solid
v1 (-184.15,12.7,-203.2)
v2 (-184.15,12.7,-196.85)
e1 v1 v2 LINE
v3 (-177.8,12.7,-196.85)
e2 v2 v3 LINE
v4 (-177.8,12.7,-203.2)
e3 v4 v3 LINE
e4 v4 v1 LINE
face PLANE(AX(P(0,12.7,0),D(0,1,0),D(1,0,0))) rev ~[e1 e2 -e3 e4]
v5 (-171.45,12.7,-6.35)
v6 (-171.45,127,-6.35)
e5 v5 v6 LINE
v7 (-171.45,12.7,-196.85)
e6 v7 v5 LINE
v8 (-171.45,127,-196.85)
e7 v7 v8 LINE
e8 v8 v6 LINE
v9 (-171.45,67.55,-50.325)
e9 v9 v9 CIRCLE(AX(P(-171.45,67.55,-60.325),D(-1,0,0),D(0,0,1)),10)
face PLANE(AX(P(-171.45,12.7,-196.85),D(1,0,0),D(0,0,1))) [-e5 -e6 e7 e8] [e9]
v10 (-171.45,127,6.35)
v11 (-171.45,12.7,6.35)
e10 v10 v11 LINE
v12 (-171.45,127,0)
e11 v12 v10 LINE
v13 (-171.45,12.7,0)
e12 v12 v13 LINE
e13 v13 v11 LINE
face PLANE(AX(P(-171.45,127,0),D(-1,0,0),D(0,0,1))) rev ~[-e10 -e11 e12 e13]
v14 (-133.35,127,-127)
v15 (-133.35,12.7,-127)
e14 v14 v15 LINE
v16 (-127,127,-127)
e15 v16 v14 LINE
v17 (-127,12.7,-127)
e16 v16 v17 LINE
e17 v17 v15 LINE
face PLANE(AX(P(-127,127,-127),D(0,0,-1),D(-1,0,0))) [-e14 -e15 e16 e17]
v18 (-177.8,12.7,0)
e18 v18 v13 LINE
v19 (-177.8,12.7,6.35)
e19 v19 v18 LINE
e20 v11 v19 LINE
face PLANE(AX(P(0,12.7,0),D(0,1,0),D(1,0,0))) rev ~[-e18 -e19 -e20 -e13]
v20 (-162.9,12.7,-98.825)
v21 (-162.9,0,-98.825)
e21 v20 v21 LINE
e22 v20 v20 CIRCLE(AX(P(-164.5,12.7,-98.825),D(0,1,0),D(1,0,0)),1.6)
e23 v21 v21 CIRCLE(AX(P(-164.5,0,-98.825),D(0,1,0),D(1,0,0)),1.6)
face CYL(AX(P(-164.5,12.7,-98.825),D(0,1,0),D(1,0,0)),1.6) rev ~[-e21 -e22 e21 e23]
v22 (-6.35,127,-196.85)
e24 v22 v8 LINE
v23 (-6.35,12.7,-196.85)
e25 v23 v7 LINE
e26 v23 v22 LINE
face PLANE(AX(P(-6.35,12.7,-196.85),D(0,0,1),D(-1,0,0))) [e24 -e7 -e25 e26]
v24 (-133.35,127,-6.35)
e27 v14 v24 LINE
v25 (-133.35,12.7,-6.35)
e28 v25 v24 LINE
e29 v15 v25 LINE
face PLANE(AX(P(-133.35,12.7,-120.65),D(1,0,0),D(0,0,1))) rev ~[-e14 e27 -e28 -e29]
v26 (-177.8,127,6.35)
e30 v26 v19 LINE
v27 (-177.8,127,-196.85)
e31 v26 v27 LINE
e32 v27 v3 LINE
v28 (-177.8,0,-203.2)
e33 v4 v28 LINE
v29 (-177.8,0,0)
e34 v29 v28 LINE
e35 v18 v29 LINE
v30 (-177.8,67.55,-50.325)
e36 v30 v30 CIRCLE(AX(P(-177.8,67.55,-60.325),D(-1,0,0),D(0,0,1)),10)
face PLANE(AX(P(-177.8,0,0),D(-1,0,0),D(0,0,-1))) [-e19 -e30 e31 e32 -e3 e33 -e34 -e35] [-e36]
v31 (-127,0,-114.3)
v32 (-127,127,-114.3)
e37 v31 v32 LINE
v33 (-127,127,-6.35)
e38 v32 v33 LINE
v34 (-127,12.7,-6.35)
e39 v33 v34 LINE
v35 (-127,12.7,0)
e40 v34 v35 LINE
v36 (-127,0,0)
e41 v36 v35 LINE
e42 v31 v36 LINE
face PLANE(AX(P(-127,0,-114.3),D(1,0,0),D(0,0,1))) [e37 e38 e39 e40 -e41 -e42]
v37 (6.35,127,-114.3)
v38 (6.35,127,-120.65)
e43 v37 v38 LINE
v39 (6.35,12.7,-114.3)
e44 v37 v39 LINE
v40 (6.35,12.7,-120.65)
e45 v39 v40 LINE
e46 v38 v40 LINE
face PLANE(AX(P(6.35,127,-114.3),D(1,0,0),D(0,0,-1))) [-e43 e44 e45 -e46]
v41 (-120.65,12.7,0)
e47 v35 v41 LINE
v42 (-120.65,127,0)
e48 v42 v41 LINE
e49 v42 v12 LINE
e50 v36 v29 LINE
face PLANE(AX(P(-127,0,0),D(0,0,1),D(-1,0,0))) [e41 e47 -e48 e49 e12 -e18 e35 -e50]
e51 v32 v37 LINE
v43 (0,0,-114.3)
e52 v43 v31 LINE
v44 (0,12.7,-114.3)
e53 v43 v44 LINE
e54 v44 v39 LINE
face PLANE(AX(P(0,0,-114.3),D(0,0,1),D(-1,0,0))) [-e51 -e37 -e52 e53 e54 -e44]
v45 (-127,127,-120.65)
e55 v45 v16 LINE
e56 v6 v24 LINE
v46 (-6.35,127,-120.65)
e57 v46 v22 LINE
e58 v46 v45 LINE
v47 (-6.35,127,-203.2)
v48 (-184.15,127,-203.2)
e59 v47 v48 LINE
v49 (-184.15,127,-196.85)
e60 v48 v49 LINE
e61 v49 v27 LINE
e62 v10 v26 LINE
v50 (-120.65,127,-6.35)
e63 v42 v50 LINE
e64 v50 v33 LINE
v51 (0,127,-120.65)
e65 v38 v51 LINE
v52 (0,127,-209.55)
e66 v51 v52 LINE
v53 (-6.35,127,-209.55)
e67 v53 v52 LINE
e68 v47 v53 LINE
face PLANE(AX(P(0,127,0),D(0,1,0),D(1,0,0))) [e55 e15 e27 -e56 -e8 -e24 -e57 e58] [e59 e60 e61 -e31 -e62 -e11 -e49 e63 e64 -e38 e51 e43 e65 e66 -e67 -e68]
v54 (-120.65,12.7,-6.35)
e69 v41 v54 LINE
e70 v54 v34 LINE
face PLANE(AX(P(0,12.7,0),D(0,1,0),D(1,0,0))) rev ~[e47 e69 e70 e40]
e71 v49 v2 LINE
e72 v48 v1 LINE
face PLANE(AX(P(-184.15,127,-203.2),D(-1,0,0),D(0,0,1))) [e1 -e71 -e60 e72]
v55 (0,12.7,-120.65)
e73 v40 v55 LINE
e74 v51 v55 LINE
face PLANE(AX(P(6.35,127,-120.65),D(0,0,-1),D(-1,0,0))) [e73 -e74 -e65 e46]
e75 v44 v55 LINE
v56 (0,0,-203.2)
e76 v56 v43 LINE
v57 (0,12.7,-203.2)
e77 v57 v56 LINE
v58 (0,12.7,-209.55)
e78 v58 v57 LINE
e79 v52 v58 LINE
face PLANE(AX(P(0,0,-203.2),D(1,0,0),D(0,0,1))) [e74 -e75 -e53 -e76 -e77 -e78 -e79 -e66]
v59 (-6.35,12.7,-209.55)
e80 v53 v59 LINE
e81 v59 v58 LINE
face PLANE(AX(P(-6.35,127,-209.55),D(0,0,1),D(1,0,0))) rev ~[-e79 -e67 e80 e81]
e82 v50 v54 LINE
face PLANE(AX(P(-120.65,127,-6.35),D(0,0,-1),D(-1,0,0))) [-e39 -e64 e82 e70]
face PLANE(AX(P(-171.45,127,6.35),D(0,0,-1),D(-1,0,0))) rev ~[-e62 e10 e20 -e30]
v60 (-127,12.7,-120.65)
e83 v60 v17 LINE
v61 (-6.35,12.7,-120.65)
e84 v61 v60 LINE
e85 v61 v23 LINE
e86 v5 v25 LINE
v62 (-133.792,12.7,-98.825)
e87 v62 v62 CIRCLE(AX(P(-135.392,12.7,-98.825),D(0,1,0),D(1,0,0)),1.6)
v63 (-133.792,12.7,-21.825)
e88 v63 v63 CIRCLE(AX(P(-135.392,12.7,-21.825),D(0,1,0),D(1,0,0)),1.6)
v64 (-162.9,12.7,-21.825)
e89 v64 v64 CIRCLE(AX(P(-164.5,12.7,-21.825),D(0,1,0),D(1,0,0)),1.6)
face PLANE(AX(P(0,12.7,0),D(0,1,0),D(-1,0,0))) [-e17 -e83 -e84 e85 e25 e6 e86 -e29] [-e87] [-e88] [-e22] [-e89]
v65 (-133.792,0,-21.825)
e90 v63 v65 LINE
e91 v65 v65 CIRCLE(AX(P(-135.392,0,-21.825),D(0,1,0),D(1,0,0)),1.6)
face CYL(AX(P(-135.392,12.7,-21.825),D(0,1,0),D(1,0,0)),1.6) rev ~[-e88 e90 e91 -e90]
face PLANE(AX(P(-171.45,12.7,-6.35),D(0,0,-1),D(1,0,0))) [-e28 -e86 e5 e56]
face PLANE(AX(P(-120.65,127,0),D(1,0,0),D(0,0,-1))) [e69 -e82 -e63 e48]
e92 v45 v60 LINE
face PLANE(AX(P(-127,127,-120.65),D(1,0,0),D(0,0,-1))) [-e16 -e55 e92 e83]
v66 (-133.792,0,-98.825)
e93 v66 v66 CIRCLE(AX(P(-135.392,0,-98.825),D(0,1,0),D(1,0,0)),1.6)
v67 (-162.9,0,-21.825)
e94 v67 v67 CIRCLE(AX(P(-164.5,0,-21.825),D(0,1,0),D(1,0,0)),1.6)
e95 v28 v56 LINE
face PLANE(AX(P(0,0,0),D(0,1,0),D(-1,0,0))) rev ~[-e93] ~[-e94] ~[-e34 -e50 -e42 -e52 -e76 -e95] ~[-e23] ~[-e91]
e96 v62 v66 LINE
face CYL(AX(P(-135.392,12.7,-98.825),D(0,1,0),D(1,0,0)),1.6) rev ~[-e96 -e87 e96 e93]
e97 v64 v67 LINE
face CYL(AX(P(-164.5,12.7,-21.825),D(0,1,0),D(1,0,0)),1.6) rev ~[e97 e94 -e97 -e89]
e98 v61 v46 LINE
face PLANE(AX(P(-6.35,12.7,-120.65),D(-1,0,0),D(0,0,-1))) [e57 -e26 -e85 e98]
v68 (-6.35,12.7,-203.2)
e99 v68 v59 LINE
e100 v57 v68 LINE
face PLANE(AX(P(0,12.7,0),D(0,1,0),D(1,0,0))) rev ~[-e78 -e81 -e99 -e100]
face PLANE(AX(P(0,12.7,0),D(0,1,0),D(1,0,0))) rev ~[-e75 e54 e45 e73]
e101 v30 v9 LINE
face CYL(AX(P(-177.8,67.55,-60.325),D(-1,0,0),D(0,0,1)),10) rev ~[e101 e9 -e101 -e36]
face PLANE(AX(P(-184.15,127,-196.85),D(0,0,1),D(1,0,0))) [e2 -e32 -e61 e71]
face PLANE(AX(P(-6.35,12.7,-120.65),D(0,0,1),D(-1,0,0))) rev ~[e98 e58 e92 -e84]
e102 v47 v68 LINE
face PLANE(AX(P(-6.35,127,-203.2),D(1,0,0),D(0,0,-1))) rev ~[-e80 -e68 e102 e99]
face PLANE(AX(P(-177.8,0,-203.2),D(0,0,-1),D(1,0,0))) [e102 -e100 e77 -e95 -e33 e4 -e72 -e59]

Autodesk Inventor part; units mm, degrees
ref_plane "YZ Plane" through (0, 0, 0) normal (1, 0, 0) x (0, 1, 0)
ref_plane "XZ Plane" through (0, 0, 0) normal (0, 1, 0) x (-1, 0, 0)
ref_plane "XY Plane" through (0, 0, 0) normal (0, 0, 1) x (1, 0, 0)
sketch "Sketch2" plane through (0, 0, 0) normal (0, 1, 0) x (-1, 0, 0)
  line L0 (127, 0) -> (177.8, 0)
  line L1 (177.8, 0) -> (177.8, -203.2)
  line L2 (177.8, -203.2) -> (0, -203.2)
  line L3 (0, -203.2) -> (0, -114.3)
  line L4 (0, -114.3) -> (127, -114.3)
  line L5 (127, -114.3) -> (127, 0)
  point P0 (0, 0)
  dimension "d0" = 203.2
  dimension "d1" = 177.8
  dimension "d65" = 50.8
  dimension "d66" = 88.9
extrude "Extrusion1" add sketch "Sketch2" along normal blind 12.7
sketch "Sketch3" plane through (0, 12.7, 0) normal (0, 1, 0) x (1, 0, 0)
  line L0 (-127, 0) -> (-177.8, 0)
  line L1 (-177.8, 0) -> (-177.8, 203.2)
  line L2 (-177.8, 203.2) -> (0, 203.2)
  line L3 (0, 203.2) -> (0, 114.3)
  line L4 (-171.45, 196.85) -> (-171.45, 6.35)
  line L5 (-171.45, 6.35) -> (-133.35, 6.35)
  line L6 (-6.35, 120.65) -> (-6.35, 196.85)
  line L7 (-6.35, 196.85) -> (-171.45, 196.85)
  line L8 (0, 114.3) -> (-127, 114.3)
  line L9 (-127, 114.3) -> (-127, 0)
  line L10 (-6.35, 120.65) -> (-133.35, 120.65)
  line L11 (-133.35, 120.65) -> (-133.35, 6.35)
  line L12 (-127, 0) -> (-127, 114.3) projected
  line L13 (0, 114.3) -> (0, 203.2) projected
  point P0 (0, 0)
  point P1 (-127, 6.35)
  point P2 (0, 120.65)
  point P3 (-114.3, 0)
  point P4 (-6.35, 114.3)
  dimension "d4" = 6.35
  dimension "d61" = 120.65
  dimension "d62" = 107.95
  dimension "d63" = 6.35
  dimension "d64" = 6.35
  dimension "d76" = 0
  dimension "d77" = 6.35
  dimension "d78" = 0
extrude "Extrusion2" add sketch "Sketch3" along normal blind 114.3
sketch "Sketch5" plane through (0, 12.7, 0) normal (0, 1, 0) x (1, 0, 0)
  line L0 (-114.3, 114.3) -> (-114.3, 6.35)
  line L1 (-6.35, 120.65) -> (-6.3512, 120.1928)
  line L2 (-171.45, 114.3) -> (-114.3, 114.3)
  line L3 (-171.45, 6.35) -> (-171.45, 196.85) projected
  line L4 (-133.35, 6.35) -> (-171.45, 6.35) projected
  line L5 (-171.45, 120.65) -> (-57.15, 120.65)
  line L6 (-107.95, 114.3) -> (-107.95, 6.35)
  line L7 (-171.45, 120.65) -> (-6.35, 120.65)
  line L8 (-107.95, 114.3) -> (-6.35, 114.3)
  line L9 (-6.35, 196.85) -> (-6.35, 120.65) projected
  line L10 (-171.45, 120.65) -> (-171.45, 114.3)
  line L11 (-6.35, 120.65) -> (-6.35, 114.3)
  line L12 (-6.35, 120.65) -> (-6.35, 114.3)
  line L13 (-133.35, 6.35) -> (-107.95, 6.35)
  line L14 (-171.45, 6.35) -> (-133.35, 6.35) projected
  point P0 (-6.35, 6.35)
  dimension "d37" = 107.95
  dimension "d38" = 6.35
  dimension "d58" = 101.6
  dimension "d60" = 6.35
extrude "Extrusion5" [suppressed]
sketch "Sketch6" plane through (0, 0, 0) normal (0, -1, 0) x (1, 0, 0)
  line L0 (0, -203.2) -> (-177.8, 0) construction
  circle A0 centre (-88.9, -101.6) radius 101.6 construction
  line L1 (-177.8, -203.2) -> (0, 0) construction
  point P0 (-155.8041, -178.0618)
  point P1 (-155.8041, -25.1382)
  point P2 (-21.9959, -25.1382)
  point P3 (-21.9959, -178.0618)
  dimension "d25" = 203.2
hole "Hole1" [suppressed]
sketch "Sketch7" plane through (-6.35, 12.7, -196.85) normal (-1, 0, 0) x (0, 0, 1)
  line L0 (76.2, 0) -> (0, 0) projected
  line L1 (76.2, 114.3) -> (76.2, 0) projected
  line L2 (0, 0) -> (76.2, 0)
  line L3 (76.2, 0) -> (76.2, 63.5)
  line L4 (76.2, 63.5) -> (0, 63.5)
  line L5 (0, 63.5) -> (0, 0)
  point P0 (196.85, -12.7)
  dimension "d39" = 63.5
extrude "Extrusion6" [suppressed]
sketch "Sketch10" plane through (0, 12.7, 0) normal (0, 1, 0) x (1, 0, 0)
  line L0 (-164.5, 98.825) -> (-135.392, 98.825) construction
  line L1 (-135.392, 98.825) -> (-135.392, 21.825) construction
  line L2 (-135.392, 21.825) -> (-164.5, 21.825) construction
  line L3 (-164.5, 21.825) -> (-164.5, 98.825) construction
  line L4 (-171.45, 6.35) -> (-171.45, 196.85) projected
  line L5 (-133.35, 114.3) -> (-171.45, 114.3) projected
  line L6 (-171.45, 6.35) -> (-133.35, 6.35) projected
  circle A0 centre (-135.392, 98.825) radius 1.6
  circle A1 centre (-164.5, 98.825) radius 1.6
  circle A2 centre (-135.392, 21.825) radius 1.6
  circle A3 centre (-164.5, 21.825) radius 1.6
  point P0 (0, 0)
  point P1 (-127, 114.3)
  point P2 (-127, 6.35)
  dimension "d40" = 6.95
  dimension "d41" = 29.108
  dimension "d42" = 77
  dimension "d43" = 15.475
  dimension "d44" = 15.475
  dimension "d45" = 3.2
  dimension "d46" = 3.2
  dimension "d47" = 3.2
  dimension "d48" = 3.2
extrude "Extrusion7" cut sketch "Sketch10" against normal through all
sketch "Sketch11" plane through (-177.8, 0, -203.2) normal (-1, 0, 0) x (0, 0, 1)
  line L0 (203.2, 0) -> (203.2, 127) projected
  line L1 (203.2, 20.5386) -> (0, 20.5386) construction
  line L2 (0, 0) -> (0, 127) projected
  line L3 (196.85, 127) -> (6.35, 127) projected
  circle A0 centre (142.875, 67.55) radius 10
  line L4 (0, 0) -> (203.2, 0) projected
  point P0 (88.9, 127)
  dimension "d51" = 20
  dimension "d52" = 67.55
  dimension "d53" = 53.975
  dimension "d54" = 53.975
extrude "Extrusion8" cut sketch "Sketch11" against normal up to surface (6.35 mm away)
sketch "Sketch14" plane through (0, 127, 0) normal (0, 1, 0) x (1, 0, 0)
  line L0 (-177.8, 0) -> (-127, 0) projected
  line L1 (-127, 0) -> (-120.65, 0)
  line L2 (-120.65, 0) -> (-120.65, 6.35)
  line L3 (-120.65, 6.35) -> (-127, 6.35)
  line L4 (-127, 6.35) -> (-127, 0)
  line L5 (-177.8, 0) -> (-171.45, 0)
  line L6 (-171.45, 0) -> (-171.45, -6.35)
  line L7 (-171.45, -6.35) -> (-177.8, -6.35)
  line L8 (-177.8, -6.35) -> (-177.8, 0)
  point P0 (0, 0)
  dimension "d79" = 6.35
  dimension "d80" = 6.35
  dimension "d81" = 6.35
  dimension "d82" = 6.35
extrude "Extrusion11" add sketch "Sketch14" against normal up to surface (114.3 mm away)
sketch "Sketch15" plane through (0, 127, 0) normal (0, 1, 0) x (1, 0, 0)
  circle A0 centre (-135.392, 21.825) radius 1.6 projected
  circle A1 centre (-135.392, 98.825) radius 1.6 projected
  circle A2 centre (-164.5, 98.825) radius 1.6 projected
  circle A3 centre (-164.5, 21.825) radius 1.6 projected
  line L0 (-6.35, 196.85) -> (-171.45, 196.85) projected
  line L1 (-171.45, 196.85) -> (-171.45, 6.35) projected
  line L2 (-171.45, 6.35) -> (-133.35, 6.35) projected
  line L3 (-133.35, 6.35) -> (-133.35, 120.65) projected
  line L4 (-133.35, 120.65) -> (-6.35, 120.65) projected
  line L5 (-6.35, 120.65) -> (-6.35, 196.85) projected
  line L6 (-133.35, 120.65) -> (-127, 120.65)
  line L7 (-127, 120.65) -> (-127, 127)
  line L8 (-127, 127) -> (-133.35, 127)
  line L9 (-133.35, 127) -> (-133.35, 120.65)
  line L10 (-171.45, 196.85) -> (-6.35, 196.85) projected
  line L11 (-6.35, 196.85) -> (-6.35, 120.65) projected
  line L12 (-6.35, 120.65) -> (-133.35, 120.65) projected
  line L13 (-133.35, 120.65) -> (-133.35, 6.35) projected
  line L14 (-133.35, 6.35) -> (-171.45, 6.35) projected
  line L15 (-171.45, 6.35) -> (-171.45, 196.85) projected
  line L16 (-177.8, 203.2) -> (-177.8, -6.35) projected
  line L17 (-177.8, -6.35) -> (-171.45, -6.35) projected
  line L18 (-171.45, -6.35) -> (-171.45, 0) projected
  line L19 (-171.45, 0) -> (-120.65, 0) projected
  line L20 (-120.65, 0) -> (-120.65, 6.35) projected
  line L21 (-120.65, 6.35) -> (-127, 6.35) projected
  line L22 (-127, 6.35) -> (-127, 114.3) projected
  line L23 (-127, 114.3) -> (0, 114.3) projected
  line L24 (0, 114.3) -> (0, 203.2) projected
  line L25 (0, 203.2) -> (-177.8, 203.2) projected
  line L26 (0, 114.3) -> (6.35, 114.3)
  line L27 (6.35, 114.3) -> (6.35, 120.65)
  line L28 (6.35, 120.65) -> (0, 120.65)
  line L29 (0, 120.65) -> (0, 114.3)
  line L30 (0, 114.3) -> (0, 203.2) projected
  line L31 (0, 203.2) -> (-6.35, 203.2)
  line L32 (-6.35, 203.2) -> (-6.35, 209.55)
  line L33 (-6.35, 209.55) -> (0, 209.55)
  line L34 (0, 209.55) -> (0, 203.2)
  line L35 (0, 203.2) -> (-177.8, 203.2) projected
  line L36 (-177.8, 203.2) -> (-184.15, 203.2)
  line L37 (-184.15, 203.2) -> (-184.15, 196.85)
  line L38 (-184.15, 196.85) -> (-177.8, 196.85)
  line L39 (-177.8, 196.85) -> (-177.8, 203.2)
  point P0 (0, 0)
  dimension "d85" = 6.35
  dimension "d86" = 6.35
  dimension "d87" = 6.35
  dimension "d88" = 6.35
  dimension "d89" = 6.35
  dimension "d90" = 6.35
  dimension "d91" = 6.35
extrude "Extrusion12" add sketch "Sketch15" against normal up to surface (114.3 mm away) contours L4 L9 L8 L7 | L16 L38 L37 L36 | L32 L33 L34 L25 | L28 L27 L26 L24
equation "\"d43\" = d44"
equation "\"d53\" = d54"
properties part number "RSX Structure" material "Aluminum 6061"
